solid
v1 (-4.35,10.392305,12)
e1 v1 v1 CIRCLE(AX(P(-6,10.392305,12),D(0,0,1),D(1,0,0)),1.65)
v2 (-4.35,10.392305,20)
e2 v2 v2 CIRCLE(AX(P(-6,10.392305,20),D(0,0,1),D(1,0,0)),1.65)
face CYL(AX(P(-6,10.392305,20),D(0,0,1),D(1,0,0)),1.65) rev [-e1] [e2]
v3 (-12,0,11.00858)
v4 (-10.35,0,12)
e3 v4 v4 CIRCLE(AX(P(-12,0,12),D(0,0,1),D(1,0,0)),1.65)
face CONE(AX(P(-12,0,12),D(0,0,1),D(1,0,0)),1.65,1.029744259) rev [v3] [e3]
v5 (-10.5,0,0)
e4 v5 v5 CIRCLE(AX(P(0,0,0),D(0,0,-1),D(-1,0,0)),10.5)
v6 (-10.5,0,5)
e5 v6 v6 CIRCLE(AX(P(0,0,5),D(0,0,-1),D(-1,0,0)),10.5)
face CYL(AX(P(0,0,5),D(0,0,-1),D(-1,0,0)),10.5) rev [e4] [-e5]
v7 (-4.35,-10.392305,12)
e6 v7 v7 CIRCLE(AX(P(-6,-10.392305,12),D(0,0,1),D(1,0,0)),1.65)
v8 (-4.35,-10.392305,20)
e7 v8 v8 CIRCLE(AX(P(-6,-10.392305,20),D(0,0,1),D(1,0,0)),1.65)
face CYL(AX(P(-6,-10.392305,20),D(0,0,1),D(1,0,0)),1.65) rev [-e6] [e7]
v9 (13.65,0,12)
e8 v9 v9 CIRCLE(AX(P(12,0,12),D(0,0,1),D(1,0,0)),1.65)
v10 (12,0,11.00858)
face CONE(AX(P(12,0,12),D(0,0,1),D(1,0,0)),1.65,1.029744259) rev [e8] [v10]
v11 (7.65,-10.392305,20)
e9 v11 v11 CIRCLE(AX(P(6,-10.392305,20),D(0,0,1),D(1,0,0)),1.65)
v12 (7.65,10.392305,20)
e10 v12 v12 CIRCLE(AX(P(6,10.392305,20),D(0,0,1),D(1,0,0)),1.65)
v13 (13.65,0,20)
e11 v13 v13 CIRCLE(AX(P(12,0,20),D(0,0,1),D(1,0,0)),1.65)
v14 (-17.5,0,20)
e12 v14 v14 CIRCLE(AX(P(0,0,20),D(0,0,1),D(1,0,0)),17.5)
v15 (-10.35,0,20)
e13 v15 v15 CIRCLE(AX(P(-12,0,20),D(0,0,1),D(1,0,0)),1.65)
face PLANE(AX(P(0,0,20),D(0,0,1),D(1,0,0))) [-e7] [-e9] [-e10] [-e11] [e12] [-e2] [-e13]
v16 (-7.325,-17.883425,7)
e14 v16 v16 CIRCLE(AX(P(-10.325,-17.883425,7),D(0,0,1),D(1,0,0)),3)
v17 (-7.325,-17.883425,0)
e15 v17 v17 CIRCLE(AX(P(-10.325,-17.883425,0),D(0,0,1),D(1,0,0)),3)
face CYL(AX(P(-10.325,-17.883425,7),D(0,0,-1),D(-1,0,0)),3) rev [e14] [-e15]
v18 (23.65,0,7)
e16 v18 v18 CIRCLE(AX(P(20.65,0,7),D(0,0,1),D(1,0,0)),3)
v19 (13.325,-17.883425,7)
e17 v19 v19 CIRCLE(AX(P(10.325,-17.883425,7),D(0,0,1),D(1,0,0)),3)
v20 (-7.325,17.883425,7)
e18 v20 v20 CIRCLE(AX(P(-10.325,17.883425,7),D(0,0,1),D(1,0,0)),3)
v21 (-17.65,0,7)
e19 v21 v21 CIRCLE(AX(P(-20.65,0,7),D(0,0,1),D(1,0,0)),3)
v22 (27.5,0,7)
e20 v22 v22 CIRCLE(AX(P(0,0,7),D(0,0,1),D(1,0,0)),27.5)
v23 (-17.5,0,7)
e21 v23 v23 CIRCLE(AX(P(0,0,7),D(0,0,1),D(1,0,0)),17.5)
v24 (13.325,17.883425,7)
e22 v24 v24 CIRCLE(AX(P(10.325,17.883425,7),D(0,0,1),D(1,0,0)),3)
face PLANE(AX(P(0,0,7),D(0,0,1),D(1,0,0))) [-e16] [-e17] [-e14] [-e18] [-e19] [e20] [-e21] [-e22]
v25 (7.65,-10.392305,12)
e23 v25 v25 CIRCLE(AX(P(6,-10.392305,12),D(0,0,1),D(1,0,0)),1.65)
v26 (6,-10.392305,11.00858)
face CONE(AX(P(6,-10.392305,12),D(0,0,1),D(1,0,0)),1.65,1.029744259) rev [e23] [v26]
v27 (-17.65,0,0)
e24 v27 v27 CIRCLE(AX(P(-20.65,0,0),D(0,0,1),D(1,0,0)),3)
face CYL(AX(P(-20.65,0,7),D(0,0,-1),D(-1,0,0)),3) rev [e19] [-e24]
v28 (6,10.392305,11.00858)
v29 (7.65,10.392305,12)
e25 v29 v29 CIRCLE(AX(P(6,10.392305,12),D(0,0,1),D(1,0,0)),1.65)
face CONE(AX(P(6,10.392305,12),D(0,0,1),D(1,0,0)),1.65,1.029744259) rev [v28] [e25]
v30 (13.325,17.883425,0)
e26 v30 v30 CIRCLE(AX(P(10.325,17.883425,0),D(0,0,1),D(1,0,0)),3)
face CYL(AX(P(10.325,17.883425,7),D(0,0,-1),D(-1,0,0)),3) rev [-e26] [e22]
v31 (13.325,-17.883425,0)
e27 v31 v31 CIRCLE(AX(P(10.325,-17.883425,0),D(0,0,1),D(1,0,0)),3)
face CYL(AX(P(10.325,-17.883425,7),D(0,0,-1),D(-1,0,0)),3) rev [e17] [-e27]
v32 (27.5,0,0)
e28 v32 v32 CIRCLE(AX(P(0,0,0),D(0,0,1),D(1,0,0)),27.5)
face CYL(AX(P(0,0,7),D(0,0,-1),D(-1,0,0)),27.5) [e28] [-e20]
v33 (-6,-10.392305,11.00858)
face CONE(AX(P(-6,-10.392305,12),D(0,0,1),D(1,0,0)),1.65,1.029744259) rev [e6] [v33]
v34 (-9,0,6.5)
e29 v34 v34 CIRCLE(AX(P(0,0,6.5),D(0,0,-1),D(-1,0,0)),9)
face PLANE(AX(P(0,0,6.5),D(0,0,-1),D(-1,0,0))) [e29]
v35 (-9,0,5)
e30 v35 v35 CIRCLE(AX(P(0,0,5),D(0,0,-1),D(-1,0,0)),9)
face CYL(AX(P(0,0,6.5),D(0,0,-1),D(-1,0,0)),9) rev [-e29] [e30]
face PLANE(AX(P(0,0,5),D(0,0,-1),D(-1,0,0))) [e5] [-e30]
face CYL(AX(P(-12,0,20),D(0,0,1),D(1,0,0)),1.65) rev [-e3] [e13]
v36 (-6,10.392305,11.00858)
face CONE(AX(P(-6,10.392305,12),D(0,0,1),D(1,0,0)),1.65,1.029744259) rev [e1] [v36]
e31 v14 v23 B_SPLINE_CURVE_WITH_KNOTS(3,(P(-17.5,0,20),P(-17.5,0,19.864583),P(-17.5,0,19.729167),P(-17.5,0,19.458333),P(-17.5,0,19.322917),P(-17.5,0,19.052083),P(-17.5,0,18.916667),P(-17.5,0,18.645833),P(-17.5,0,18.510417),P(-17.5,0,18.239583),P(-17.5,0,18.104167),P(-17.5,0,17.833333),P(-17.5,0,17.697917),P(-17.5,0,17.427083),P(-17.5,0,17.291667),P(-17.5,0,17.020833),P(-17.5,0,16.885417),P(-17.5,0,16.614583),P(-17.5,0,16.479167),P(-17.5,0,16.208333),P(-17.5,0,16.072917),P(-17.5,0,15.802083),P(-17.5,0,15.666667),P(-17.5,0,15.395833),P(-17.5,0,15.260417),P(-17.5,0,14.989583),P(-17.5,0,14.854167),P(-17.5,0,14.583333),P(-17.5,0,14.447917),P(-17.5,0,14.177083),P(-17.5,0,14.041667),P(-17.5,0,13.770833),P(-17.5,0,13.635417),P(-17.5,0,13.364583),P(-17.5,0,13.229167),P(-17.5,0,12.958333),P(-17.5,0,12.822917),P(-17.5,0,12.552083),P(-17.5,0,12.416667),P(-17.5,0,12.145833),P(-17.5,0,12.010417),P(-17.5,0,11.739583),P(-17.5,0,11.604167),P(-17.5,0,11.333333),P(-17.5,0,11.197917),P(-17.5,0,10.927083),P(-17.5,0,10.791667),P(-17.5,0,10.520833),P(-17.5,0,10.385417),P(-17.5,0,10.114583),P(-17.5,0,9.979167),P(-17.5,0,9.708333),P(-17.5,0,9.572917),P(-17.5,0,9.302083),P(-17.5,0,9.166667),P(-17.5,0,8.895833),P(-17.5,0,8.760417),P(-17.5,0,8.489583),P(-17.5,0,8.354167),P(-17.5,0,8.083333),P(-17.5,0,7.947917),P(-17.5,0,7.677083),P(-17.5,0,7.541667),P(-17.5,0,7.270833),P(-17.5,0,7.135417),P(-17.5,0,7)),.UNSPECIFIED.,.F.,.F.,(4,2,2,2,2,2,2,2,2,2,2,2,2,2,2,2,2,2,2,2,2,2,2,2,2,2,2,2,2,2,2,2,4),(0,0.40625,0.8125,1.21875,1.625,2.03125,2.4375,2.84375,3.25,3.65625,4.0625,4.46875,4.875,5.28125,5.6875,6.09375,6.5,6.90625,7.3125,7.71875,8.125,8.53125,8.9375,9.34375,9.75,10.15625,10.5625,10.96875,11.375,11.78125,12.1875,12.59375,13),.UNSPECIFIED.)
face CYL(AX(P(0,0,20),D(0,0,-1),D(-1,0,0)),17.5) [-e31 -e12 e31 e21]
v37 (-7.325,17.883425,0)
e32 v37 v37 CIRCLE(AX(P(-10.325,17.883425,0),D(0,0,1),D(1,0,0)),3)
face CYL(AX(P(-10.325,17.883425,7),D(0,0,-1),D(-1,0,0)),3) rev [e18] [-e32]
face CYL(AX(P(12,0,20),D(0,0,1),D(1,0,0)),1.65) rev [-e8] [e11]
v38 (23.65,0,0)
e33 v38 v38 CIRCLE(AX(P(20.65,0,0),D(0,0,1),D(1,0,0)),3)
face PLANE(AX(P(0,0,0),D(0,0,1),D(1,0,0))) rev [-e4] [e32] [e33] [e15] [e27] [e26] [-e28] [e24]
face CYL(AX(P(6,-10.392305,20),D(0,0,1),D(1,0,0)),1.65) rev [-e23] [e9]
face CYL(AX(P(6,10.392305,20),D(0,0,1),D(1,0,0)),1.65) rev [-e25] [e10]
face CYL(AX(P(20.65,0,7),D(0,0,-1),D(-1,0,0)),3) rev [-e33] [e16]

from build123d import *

# Parameters (mm, degrees)
SKETCH1_R             = 27.5
SKETCH1_R_2           = 3
BOSS_EXTRUDE1_DEPTH   = 7
SKETCH2_R             = 10.5
CUT_EXTRUDE1_DEPTH    = 5
SKETCH4_R             = 17.5
BOSS_EXTRUDE2_DEPTH   = 13
SKETCH6_R             = 9
CUT_EXTRUDE3_DEPTH    = 1.5
M4_TAPPED_HOLE1_D     = 3.3
M4_TAPPED_HOLE1_DEPTH = 8
M4_TAPPED_HOLE1_TIP   = 0.991420021


with BuildPart() as part:
    # Sketch1 → Boss-Extrude1 (new body)
    with BuildSketch(Plane.XY):
        Circle(SKETCH1_R)
        with Locations((20.65, 0)):
            Circle(SKETCH1_R_2, mode=Mode.SUBTRACT)
        with Locations((10.325, -17.883424588)):
            Circle(SKETCH1_R_2, mode=Mode.SUBTRACT)
        with Locations((-10.325, -17.883424588)):
            Circle(SKETCH1_R_2, mode=Mode.SUBTRACT)
        with Locations((-20.65, 0)):
            Circle(SKETCH1_R_2, mode=Mode.SUBTRACT)
        with Locations((-10.325, 17.883424588)):
            Circle(SKETCH1_R_2, mode=Mode.SUBTRACT)
        with Locations((10.325, 17.883424588)):
            Circle(SKETCH1_R_2, mode=Mode.SUBTRACT)
    extrude(amount=BOSS_EXTRUDE1_DEPTH)

    # Sketch2 → Cut-Extrude1 (cut)
    with BuildSketch(Plane(origin=(0, 0, 0), x_dir=(-1, 0, 0), z_dir=(0, 0, -1))):
        Circle(SKETCH2_R)
    extrude(amount=-CUT_EXTRUDE1_DEPTH, mode=Mode.SUBTRACT)

    # Sketch4 → Boss-Extrude2 (add)
    with BuildSketch(Plane.XY.offset(7)):
        Circle(SKETCH4_R)
    extrude(amount=BOSS_EXTRUDE2_DEPTH)

    # Sketch6 → Cut-Extrude3 (cut)
    with BuildSketch(Plane(origin=(0, 0, 5), x_dir=(-1, 0, 0), z_dir=(0, 0, -1))):
        Circle(SKETCH6_R)
    extrude(amount=-CUT_EXTRUDE3_DEPTH, mode=Mode.SUBTRACT)

    # M4 Tapped Hole1
    with Locations(Plane(origin=(-6, 10.392304845, 20), x_dir=(1, 0, 0), z_dir=(0, 0, 1))):
        with Locations((0, 0), (12, 0), (18, -10.392304845), (12, -20.78460969), (0, -20.78460969), (-6, -10.392304845)):
            Hole(M4_TAPPED_HOLE1_D / 2, depth=M4_TAPPED_HOLE1_DEPTH)
            with Locations((0, 0, -(M4_TAPPED_HOLE1_DEPTH + M4_TAPPED_HOLE1_TIP / 2))):  # 118° drill point
                Cone(0, M4_TAPPED_HOLE1_D / 2, M4_TAPPED_HOLE1_TIP, mode=Mode.SUBTRACT)


solid = part.part
